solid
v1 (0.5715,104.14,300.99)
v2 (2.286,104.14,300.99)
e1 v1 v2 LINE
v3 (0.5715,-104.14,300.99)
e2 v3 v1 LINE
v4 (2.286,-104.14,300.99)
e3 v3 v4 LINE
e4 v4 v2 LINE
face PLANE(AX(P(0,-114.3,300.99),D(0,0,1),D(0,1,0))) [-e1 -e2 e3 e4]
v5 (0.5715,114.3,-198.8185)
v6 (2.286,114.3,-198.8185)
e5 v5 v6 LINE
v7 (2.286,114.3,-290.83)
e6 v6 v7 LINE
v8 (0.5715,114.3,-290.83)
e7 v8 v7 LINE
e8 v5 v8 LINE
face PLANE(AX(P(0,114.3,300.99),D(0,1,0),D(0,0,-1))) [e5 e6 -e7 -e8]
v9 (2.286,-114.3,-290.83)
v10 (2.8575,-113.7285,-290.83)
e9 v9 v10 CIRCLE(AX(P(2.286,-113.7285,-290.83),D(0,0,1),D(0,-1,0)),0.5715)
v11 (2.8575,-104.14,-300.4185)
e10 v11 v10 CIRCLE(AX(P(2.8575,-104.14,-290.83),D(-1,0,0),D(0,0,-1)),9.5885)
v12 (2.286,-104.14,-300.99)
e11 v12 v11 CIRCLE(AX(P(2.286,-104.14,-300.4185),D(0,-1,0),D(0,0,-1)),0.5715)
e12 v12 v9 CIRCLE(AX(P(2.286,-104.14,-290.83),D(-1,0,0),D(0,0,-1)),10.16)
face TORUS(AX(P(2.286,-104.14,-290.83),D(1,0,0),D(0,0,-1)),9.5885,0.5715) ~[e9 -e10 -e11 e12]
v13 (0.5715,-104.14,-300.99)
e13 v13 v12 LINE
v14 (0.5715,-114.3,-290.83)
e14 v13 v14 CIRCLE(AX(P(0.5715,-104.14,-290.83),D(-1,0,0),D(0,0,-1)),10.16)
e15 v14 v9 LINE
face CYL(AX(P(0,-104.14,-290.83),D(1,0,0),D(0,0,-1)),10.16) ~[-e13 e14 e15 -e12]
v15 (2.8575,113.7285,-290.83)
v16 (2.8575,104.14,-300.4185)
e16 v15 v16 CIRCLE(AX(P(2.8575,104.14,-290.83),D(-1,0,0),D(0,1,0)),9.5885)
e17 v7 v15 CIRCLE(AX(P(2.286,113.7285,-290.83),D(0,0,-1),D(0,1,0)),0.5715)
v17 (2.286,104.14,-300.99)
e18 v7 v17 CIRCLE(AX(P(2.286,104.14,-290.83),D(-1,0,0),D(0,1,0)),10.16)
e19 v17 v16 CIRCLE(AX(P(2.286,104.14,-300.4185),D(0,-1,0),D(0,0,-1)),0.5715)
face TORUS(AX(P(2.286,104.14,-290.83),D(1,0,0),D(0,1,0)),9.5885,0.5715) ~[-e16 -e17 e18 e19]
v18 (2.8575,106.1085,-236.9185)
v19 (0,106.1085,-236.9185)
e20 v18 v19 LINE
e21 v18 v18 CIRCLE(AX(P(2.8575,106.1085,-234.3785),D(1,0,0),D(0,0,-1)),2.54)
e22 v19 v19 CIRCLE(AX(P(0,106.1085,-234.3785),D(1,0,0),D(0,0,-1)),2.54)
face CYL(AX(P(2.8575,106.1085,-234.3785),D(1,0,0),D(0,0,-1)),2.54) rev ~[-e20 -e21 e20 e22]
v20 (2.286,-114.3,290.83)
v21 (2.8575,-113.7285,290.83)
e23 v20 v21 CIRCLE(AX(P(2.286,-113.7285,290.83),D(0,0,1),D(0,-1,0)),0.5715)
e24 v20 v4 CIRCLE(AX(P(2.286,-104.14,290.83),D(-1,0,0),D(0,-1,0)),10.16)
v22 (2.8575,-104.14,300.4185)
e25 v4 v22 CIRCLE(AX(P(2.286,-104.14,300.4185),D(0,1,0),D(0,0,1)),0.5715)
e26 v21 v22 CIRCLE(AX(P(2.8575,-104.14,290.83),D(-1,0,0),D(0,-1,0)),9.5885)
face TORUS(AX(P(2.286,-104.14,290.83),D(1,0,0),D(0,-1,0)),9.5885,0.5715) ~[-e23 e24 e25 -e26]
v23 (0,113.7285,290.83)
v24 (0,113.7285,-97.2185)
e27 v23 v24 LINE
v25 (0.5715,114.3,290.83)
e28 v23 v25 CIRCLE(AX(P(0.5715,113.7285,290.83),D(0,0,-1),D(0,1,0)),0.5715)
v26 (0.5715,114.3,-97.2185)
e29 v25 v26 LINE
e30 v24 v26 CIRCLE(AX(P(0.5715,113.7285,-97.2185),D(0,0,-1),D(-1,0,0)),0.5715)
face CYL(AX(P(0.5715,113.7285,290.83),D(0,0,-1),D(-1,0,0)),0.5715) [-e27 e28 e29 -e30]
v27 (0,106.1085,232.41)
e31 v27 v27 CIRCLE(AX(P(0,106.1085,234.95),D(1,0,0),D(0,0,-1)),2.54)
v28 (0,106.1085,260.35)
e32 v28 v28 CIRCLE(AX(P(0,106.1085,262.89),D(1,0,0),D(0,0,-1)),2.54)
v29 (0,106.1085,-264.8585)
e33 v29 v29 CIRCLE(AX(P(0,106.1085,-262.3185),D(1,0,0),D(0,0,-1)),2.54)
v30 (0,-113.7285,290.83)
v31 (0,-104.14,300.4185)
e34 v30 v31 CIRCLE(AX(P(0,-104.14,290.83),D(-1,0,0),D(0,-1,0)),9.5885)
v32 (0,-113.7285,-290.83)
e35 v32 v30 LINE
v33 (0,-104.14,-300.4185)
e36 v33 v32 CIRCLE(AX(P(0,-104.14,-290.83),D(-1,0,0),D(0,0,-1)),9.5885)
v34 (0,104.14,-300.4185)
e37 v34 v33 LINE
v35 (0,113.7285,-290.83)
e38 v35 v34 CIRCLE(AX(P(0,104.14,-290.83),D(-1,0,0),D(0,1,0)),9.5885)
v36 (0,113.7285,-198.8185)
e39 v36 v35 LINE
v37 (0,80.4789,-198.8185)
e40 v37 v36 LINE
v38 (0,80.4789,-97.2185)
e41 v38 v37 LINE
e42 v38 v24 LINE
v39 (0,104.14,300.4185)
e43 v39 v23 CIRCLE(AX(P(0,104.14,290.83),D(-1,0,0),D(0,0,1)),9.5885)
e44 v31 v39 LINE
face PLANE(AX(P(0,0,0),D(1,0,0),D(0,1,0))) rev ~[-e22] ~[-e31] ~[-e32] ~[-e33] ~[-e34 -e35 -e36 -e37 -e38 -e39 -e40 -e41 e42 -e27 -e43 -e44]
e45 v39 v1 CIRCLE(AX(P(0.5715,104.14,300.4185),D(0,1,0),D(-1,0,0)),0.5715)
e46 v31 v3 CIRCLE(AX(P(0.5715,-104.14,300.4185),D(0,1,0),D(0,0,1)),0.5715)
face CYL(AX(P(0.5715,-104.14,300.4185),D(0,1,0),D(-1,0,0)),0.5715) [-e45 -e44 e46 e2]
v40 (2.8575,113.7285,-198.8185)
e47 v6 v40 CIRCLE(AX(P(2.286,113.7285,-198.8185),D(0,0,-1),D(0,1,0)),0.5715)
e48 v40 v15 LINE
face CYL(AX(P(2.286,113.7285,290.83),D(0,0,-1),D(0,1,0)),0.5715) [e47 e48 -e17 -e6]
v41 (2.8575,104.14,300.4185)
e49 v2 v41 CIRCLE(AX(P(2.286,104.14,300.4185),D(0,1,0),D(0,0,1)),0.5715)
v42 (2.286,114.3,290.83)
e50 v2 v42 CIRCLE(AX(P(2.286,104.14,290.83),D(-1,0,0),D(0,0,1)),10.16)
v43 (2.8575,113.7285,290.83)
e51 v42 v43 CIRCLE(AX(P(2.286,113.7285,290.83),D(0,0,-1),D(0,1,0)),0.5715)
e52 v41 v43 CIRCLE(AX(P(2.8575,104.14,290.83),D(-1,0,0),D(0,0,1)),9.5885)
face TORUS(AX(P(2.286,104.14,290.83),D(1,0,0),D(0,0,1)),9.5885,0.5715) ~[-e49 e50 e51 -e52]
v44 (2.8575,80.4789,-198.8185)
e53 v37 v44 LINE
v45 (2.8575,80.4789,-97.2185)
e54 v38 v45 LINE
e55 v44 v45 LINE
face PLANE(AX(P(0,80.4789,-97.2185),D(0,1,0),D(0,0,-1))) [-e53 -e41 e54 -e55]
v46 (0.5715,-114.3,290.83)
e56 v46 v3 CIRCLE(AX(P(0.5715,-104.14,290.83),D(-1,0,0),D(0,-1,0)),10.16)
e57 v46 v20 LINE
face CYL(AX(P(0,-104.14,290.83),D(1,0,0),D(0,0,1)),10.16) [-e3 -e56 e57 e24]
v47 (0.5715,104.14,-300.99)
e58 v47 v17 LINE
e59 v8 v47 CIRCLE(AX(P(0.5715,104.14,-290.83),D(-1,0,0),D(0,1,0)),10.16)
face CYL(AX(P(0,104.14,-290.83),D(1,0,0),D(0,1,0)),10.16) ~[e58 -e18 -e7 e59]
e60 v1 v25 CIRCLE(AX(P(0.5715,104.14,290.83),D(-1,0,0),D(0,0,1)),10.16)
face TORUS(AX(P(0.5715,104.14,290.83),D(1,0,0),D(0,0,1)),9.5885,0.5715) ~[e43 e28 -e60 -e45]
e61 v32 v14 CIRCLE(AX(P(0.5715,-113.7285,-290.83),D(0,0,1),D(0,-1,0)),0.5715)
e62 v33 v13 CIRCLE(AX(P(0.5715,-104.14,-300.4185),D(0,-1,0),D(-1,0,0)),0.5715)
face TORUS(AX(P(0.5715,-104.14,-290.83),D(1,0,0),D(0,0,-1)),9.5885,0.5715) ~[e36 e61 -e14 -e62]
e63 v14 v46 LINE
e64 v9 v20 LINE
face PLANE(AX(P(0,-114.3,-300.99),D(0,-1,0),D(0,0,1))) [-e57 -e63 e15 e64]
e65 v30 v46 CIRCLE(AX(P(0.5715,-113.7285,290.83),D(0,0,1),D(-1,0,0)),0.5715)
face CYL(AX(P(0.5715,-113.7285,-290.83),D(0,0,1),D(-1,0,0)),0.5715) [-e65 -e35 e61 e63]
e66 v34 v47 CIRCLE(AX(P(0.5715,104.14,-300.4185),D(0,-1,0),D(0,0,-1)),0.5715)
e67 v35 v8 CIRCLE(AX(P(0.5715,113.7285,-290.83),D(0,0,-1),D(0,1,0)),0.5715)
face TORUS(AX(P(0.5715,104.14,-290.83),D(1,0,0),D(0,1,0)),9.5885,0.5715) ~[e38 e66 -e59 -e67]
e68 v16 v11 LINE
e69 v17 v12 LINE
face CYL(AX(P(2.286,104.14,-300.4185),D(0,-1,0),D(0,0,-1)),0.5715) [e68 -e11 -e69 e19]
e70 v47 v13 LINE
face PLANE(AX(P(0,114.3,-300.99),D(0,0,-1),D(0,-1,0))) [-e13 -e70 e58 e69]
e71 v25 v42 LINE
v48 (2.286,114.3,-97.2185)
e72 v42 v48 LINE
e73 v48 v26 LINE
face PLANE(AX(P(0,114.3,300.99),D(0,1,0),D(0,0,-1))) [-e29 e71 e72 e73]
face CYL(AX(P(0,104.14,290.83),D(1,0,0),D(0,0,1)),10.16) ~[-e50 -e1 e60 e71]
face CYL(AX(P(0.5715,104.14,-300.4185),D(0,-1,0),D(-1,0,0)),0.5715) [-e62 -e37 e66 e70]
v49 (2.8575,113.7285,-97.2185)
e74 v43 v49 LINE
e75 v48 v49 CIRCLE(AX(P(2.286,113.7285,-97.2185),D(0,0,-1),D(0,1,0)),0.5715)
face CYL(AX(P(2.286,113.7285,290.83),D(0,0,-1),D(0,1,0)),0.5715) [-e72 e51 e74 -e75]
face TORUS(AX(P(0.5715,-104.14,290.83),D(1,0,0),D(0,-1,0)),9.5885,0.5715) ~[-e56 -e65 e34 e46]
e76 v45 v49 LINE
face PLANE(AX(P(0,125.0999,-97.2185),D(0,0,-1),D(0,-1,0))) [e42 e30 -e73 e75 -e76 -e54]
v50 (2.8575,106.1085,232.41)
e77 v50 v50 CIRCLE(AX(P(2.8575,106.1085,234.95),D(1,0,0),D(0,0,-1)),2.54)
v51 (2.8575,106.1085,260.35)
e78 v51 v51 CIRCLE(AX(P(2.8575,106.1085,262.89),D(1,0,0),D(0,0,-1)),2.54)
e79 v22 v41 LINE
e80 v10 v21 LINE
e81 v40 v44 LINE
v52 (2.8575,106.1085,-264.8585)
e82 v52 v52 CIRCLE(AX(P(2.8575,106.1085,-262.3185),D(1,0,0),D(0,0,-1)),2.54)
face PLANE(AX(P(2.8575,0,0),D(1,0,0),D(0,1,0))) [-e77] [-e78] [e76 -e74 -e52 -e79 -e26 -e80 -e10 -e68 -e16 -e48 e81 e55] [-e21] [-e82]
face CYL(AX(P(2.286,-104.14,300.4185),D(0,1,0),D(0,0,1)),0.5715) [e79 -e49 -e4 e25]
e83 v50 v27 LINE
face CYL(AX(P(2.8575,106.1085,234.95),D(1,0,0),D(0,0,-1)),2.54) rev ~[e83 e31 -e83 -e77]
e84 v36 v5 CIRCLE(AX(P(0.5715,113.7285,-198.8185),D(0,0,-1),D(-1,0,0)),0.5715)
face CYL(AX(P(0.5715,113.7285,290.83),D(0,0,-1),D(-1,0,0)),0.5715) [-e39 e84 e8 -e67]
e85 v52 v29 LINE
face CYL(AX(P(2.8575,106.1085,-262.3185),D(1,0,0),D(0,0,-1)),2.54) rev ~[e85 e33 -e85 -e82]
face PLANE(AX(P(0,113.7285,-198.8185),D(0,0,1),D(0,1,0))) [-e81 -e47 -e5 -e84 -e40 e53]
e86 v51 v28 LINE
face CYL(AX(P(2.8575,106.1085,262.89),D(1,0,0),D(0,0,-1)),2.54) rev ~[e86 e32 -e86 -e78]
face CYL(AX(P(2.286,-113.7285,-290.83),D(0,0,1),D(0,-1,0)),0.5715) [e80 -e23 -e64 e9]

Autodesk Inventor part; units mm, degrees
ref_plane "YZ Plane" through (0, 0, 0) normal (1, 0, 0) x (0, 1, 0)
ref_plane "XZ Plane" through (0, 0, 0) normal (0, 1, 0) x (-1, 0, 0)
ref_plane "XY Plane" through (0, 0, 0) normal (0, 0, 1) x (1, 0, 0)
sketch "Sketch1" plane through (0, 0, 0) normal (1, 0, 0) x (0, 1, 0)
  line L0 (-114.3, 300.99) -> (114.3, 300.99)
  line L1 (114.3, 300.99) -> (114.3, -300.99)
  line L2 (114.3, -300.99) -> (-114.3, -300.99)
  line L3 (-114.3, -300.99) -> (-114.3, 300.99)
  line L4 (-114.3, 300.99) -> (114.3, -300.99) construction
  line L5 (114.3, 300.99) -> (-114.3, -300.99) construction
  point P0 (0, 0)
  dimension "d3" = 228.6
  dimension "d4" = 601.98
extrude "Extrusion2" add sketch "Sketch1" along normal blind 2.8575
fillet "Fillet1" radius 10.16 4 edges at (1.4287, -114.3, -300.99) (1.4287, 114.3, -300.99) (1.4287, -114.3, 300.99) (1.4287, 114.3, 300.99)
fillet "Fillet2" radius 0.5715 16 edges at (2.8575, 111.3242, 298.0142) (2.8575, 0, 300.99) (2.8575, -111.3242, 298.0142) (2.8575, -114.3, 0) (2.8575, -111.3242, -298.0142) (2.8575, 0, -300.99) (2.8575, 111.3242, -298.0142) (2.8575, 114.3, 0) (0, 111.3242, -298.0142) (0, 0, -300.99) (0, -111.3242, -298.0142) (0, -114.3, 0) (0, -111.3242, 298.0142) (0, 0, 300.99) (0, 111.3242, 298.0142) (0, 114.3, 0)
sketch "Sketch3" plane through (0, 0, 0) normal (-1, 0, 0) x (0, 0, 1)
  line L0 (300.4185, 104.14) -> (300.4185, -104.14) projected
  line L1 (290.83, -113.7285) -> (-290.83, -113.7285) projected
  line L2 (-290.83, 113.7285) -> (290.83, 113.7285) projected
  line L3 (-300.4185, -104.14) -> (-300.4185, 104.14) projected
  line L4 (290.83, 113.7285) -> (-290.83, 113.7285) projected
  line L5 (-97.2185, 125.0999) -> (-97.2185, 80.4789)
  line L6 (-97.2185, 80.4789) -> (-198.8185, 80.4789)
  line L7 (-198.8185, 80.4789) -> (-198.8185, 125.0999)
  line L8 (-97.2185, 125.0999) -> (-198.8185, 125.0999)
  dimension "d48" = 101.6
  dimension "d49" = 101.6
  dimension "d50" = 0
  dimension "d63" = 11.3714
  dimension "d64" = 33.2496
extrude "Extrusion3" cut sketch "Sketch3" against normal blind 5.08
sketch "Sketch4" plane through (2.8575, 0, 0) normal (1, 0, 0) x (0, 0, -1)
  circle A0 centre (234.3785, 106.1085) radius 2.54
  circle A1 centre (262.3185, 106.1085) radius 2.54
  line L0 (-290.83, 113.7285) -> (290.83, 113.7285) projected
  line L1 (300.4185, 104.14) -> (300.4185, -104.14) projected
  circle A2 centre (-262.89, 106.1085) radius 2.54
  circle A3 centre (-234.95, 106.1085) radius 2.54
  line L2 (-300.99, 104.14) -> (-300.99, -104.14) projected
  point P0 (0, 0)
  point P1 (198.8185, 113.7285)
  dimension "d52" = 5.08
  dimension "d53" = 7.62
  dimension "d54" = 27.94
  dimension "d55" = 38.1
  dimension "d58" = 27.94
  dimension "d60" = 38.1
extrude "Extrusion5" cut sketch "Sketch4" against normal up to next
equation "\"d58\" = d54"
equation "\"d60\" = d55"
equation "\"d61\" = d54"
properties part number "SideFlap"
